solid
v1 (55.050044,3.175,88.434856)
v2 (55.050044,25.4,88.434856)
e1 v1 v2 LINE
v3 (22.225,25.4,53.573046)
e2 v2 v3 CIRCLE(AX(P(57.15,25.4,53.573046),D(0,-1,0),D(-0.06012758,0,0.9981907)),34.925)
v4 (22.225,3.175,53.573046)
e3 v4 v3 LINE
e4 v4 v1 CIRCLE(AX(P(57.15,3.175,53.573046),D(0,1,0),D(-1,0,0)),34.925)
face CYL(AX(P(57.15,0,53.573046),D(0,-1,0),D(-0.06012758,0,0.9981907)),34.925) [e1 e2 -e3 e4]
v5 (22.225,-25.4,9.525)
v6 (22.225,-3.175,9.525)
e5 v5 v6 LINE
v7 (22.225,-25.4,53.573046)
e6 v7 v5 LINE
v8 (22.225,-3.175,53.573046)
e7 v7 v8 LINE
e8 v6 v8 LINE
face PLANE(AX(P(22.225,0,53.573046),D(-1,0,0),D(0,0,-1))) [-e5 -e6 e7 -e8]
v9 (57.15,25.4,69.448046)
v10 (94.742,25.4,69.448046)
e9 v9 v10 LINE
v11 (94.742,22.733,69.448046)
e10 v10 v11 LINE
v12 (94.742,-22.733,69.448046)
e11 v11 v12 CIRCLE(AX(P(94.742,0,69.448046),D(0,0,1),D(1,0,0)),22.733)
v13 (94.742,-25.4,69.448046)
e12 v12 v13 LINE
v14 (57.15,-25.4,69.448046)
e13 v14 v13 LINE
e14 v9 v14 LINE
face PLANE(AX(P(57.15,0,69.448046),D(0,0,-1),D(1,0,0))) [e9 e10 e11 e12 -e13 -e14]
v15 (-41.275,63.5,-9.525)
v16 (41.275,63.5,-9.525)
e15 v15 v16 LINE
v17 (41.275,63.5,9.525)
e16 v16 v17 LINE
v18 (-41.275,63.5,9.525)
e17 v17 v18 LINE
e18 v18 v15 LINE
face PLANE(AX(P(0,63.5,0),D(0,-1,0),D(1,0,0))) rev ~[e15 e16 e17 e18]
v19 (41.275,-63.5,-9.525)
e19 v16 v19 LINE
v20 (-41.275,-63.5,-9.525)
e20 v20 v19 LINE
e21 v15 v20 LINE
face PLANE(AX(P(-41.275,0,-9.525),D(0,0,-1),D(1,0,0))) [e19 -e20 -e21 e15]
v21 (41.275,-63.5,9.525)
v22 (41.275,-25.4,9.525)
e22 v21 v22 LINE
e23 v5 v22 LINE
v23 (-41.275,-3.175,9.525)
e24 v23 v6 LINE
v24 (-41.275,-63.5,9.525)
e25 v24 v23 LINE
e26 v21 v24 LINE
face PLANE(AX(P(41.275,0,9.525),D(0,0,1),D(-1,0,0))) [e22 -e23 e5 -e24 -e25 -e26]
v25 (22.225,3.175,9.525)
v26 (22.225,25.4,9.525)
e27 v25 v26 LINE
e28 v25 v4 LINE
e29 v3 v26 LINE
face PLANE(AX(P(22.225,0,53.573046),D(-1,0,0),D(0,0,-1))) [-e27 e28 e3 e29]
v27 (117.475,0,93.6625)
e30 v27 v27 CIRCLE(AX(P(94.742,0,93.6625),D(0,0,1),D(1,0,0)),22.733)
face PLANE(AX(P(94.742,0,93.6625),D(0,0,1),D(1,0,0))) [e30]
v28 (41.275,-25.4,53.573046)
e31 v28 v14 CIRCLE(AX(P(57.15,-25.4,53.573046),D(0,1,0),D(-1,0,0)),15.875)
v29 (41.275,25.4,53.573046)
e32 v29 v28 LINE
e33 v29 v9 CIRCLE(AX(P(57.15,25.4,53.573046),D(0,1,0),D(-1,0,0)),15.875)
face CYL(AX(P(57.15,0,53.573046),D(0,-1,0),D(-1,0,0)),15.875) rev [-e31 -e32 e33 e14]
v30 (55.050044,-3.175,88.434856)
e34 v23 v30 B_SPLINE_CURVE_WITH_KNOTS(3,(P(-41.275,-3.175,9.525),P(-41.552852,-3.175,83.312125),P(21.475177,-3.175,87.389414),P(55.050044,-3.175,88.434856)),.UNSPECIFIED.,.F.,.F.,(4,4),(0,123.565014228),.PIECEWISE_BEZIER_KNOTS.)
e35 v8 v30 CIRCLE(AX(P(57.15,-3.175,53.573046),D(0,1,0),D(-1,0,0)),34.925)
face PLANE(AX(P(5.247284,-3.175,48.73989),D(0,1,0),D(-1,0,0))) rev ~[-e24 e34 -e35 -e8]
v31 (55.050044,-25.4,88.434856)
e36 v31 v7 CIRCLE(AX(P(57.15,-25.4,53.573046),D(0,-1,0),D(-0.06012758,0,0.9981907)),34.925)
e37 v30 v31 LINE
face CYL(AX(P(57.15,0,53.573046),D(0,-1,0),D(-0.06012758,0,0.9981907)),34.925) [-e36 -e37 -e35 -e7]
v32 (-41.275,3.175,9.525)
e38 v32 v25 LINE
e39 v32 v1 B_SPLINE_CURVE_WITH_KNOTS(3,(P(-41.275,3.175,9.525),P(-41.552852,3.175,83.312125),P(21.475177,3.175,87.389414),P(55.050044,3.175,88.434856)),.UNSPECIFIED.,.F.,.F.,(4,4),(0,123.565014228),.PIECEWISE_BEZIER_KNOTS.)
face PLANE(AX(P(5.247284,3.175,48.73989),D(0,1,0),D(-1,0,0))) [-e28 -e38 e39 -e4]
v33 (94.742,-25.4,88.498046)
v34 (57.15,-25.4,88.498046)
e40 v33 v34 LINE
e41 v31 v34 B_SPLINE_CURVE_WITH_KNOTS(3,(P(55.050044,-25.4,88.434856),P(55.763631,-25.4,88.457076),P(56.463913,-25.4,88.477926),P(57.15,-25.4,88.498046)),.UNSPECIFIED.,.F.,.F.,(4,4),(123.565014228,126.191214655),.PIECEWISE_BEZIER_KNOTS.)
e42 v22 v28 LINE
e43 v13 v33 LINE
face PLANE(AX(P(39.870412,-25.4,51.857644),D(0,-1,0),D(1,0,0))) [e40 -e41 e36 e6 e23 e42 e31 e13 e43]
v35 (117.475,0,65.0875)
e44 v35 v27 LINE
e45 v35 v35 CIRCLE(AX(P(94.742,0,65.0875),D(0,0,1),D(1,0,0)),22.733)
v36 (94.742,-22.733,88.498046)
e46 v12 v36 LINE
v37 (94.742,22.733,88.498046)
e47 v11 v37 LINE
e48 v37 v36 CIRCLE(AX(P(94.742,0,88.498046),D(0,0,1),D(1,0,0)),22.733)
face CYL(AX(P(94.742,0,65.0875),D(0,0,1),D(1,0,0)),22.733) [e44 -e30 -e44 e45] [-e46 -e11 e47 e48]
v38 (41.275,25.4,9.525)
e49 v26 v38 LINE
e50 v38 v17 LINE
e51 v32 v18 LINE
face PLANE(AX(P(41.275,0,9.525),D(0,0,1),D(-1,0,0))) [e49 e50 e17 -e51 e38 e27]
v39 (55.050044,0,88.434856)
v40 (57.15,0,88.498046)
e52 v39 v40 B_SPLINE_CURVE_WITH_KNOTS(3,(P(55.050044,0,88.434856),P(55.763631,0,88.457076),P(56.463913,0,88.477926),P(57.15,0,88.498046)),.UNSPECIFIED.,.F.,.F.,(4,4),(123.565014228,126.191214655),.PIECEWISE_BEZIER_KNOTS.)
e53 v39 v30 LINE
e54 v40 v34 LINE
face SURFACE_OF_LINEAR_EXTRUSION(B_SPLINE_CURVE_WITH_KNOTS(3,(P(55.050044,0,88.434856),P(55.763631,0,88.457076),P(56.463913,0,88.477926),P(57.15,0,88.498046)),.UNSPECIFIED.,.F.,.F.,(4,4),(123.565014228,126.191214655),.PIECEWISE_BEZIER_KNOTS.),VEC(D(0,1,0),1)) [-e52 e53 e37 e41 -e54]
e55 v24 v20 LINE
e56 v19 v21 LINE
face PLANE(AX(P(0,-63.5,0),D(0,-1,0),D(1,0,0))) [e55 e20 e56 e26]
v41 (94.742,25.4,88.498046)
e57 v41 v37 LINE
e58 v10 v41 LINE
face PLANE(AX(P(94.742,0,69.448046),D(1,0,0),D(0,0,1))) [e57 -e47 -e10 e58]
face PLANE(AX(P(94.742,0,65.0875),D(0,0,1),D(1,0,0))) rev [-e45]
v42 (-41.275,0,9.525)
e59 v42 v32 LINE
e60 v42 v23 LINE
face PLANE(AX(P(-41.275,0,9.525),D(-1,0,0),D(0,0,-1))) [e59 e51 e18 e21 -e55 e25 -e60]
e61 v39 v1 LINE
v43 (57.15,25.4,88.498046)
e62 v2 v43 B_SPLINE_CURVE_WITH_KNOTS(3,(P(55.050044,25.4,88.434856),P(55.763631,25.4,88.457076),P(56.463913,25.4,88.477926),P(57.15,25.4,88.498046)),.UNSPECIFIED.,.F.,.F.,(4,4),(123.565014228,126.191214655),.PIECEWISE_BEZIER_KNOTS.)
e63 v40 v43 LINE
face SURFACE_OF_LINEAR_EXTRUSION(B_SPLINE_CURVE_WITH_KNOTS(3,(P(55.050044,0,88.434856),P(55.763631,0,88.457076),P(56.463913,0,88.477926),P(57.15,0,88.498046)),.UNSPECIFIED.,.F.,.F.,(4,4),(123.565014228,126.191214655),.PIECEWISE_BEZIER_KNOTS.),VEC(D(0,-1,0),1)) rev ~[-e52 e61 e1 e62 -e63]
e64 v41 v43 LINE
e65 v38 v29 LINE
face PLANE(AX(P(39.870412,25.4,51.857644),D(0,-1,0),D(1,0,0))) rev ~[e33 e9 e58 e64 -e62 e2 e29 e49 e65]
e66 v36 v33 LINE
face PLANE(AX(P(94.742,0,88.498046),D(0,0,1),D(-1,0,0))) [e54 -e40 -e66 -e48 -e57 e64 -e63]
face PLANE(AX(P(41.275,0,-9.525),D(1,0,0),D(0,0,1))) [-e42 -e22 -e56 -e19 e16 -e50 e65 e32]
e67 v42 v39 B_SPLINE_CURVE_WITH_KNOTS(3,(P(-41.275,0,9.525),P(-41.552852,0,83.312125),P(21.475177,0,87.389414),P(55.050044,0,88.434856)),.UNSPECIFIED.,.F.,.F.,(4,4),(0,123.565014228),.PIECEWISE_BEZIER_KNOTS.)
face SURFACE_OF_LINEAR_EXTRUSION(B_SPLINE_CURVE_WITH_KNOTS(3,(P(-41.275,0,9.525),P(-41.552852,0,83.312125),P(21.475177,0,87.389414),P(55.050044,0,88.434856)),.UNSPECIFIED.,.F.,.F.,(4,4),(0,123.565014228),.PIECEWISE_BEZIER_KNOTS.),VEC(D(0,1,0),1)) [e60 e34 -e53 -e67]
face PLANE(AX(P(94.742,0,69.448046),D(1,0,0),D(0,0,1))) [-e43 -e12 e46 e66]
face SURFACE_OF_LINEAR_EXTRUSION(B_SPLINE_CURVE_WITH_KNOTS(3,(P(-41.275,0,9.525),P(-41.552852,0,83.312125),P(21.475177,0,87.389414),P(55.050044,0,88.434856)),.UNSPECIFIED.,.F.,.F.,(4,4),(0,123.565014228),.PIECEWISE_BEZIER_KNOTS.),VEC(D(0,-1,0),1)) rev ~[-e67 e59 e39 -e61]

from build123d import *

# Parameters (mm, degrees)
F1_DEPTH = 63.5
F0_W     = 28.067
F0_H     = 19.05
F2_DEPTH = 25.4
F3_DEPTH = 3.175


with BuildPart() as f1:
    # F0 (on Front) → F1 (new body, symmetric)
    with BuildSketch(Plane.XZ):
        Polygon((-41.275, 9.525), (-41.275, -9.525), (41.275, -9.525), (41.275, 9.525), (22.225, 9.525), align=None)
    extrude(amount=F1_DEPTH, both=True)

    # F0 (on Front) → F2 (join, symmetric)
    with BuildSketch(Plane.XZ):
        with BuildLine():
            Line((22.225, 9.525), (41.275, 9.525))
            Line((41.275, 9.525), (41.275, 53.5730462312))
            ThreePointArc((41.275, 53.5730462312), (45.9246798487, 64.7983663825), (57.15, 69.4480462312))
            Line((57.15, 69.4480462312), (66.675, 69.4480462312))
            Line((66.675, 69.4480462312), (66.675, 88.4980462312))
            Line((66.675, 88.4980462312), (57.15, 88.4980462312))
            add(Edge.make_bspline(
                [(55.0500442631, 88.4348564381), (55.7636307959, 88.4570758509), (56.4639128881, 88.477925733), (57.15, 88.4980462312)],
                knots=[123.5650142277, 123.5650142277, 123.5650142277, 123.5650142277, 126.1912146547, 126.1912146547, 126.1912146547, 126.1912146547], degree=3))
            ThreePointArc((55.0500442631, 88.4348564381), (31.7226861514, 77.5147950279), (22.225, 53.5730462312))
            Line((22.225, 53.5730462312), (22.225, 9.525))
        make_face()
        with Locations((80.7085, 78.9730462312)):
            Rectangle(F0_W, F0_H)
    extrude(amount=F2_DEPTH, both=True)

    # F0 (on Front) → F3 (join, symmetric)
    with BuildSketch(Plane.XZ):
        with BuildLine():
            add(Edge.make_bspline(
                [(-41.275, 9.525), (-41.5528520698, 83.3121254449), (21.4751772531, 87.3894137404), (55.0500442631, 88.4348564381)],
                knots=[0, 0, 0, 0, 123.5650142277, 123.5650142277, 123.5650142277, 123.5650142277], degree=3))
            Line((-41.275, 9.525), (22.225, 9.525))
            Line((22.225, 9.525), (22.225, 53.5730462312))
            ThreePointArc((22.225, 53.5730462312), (31.7226861514, 77.5147950279), (55.0500442631, 88.4348564381))
        make_face()
    extrude(amount=F3_DEPTH, both=True)

    # F0 (on Front) → F4 (revolve)
    with BuildSketch(Plane.XZ):
        Polygon((94.742, 93.6625), (94.742, 88.4980462312), (94.742, 69.4480462312), (94.742, 65.0875), (117.475, 65.0875), (117.475, 93.6625), align=None)
    revolve(axis=Axis((94.742, 0, 79.375), (0, 0, 1)))


solid = f1.part
